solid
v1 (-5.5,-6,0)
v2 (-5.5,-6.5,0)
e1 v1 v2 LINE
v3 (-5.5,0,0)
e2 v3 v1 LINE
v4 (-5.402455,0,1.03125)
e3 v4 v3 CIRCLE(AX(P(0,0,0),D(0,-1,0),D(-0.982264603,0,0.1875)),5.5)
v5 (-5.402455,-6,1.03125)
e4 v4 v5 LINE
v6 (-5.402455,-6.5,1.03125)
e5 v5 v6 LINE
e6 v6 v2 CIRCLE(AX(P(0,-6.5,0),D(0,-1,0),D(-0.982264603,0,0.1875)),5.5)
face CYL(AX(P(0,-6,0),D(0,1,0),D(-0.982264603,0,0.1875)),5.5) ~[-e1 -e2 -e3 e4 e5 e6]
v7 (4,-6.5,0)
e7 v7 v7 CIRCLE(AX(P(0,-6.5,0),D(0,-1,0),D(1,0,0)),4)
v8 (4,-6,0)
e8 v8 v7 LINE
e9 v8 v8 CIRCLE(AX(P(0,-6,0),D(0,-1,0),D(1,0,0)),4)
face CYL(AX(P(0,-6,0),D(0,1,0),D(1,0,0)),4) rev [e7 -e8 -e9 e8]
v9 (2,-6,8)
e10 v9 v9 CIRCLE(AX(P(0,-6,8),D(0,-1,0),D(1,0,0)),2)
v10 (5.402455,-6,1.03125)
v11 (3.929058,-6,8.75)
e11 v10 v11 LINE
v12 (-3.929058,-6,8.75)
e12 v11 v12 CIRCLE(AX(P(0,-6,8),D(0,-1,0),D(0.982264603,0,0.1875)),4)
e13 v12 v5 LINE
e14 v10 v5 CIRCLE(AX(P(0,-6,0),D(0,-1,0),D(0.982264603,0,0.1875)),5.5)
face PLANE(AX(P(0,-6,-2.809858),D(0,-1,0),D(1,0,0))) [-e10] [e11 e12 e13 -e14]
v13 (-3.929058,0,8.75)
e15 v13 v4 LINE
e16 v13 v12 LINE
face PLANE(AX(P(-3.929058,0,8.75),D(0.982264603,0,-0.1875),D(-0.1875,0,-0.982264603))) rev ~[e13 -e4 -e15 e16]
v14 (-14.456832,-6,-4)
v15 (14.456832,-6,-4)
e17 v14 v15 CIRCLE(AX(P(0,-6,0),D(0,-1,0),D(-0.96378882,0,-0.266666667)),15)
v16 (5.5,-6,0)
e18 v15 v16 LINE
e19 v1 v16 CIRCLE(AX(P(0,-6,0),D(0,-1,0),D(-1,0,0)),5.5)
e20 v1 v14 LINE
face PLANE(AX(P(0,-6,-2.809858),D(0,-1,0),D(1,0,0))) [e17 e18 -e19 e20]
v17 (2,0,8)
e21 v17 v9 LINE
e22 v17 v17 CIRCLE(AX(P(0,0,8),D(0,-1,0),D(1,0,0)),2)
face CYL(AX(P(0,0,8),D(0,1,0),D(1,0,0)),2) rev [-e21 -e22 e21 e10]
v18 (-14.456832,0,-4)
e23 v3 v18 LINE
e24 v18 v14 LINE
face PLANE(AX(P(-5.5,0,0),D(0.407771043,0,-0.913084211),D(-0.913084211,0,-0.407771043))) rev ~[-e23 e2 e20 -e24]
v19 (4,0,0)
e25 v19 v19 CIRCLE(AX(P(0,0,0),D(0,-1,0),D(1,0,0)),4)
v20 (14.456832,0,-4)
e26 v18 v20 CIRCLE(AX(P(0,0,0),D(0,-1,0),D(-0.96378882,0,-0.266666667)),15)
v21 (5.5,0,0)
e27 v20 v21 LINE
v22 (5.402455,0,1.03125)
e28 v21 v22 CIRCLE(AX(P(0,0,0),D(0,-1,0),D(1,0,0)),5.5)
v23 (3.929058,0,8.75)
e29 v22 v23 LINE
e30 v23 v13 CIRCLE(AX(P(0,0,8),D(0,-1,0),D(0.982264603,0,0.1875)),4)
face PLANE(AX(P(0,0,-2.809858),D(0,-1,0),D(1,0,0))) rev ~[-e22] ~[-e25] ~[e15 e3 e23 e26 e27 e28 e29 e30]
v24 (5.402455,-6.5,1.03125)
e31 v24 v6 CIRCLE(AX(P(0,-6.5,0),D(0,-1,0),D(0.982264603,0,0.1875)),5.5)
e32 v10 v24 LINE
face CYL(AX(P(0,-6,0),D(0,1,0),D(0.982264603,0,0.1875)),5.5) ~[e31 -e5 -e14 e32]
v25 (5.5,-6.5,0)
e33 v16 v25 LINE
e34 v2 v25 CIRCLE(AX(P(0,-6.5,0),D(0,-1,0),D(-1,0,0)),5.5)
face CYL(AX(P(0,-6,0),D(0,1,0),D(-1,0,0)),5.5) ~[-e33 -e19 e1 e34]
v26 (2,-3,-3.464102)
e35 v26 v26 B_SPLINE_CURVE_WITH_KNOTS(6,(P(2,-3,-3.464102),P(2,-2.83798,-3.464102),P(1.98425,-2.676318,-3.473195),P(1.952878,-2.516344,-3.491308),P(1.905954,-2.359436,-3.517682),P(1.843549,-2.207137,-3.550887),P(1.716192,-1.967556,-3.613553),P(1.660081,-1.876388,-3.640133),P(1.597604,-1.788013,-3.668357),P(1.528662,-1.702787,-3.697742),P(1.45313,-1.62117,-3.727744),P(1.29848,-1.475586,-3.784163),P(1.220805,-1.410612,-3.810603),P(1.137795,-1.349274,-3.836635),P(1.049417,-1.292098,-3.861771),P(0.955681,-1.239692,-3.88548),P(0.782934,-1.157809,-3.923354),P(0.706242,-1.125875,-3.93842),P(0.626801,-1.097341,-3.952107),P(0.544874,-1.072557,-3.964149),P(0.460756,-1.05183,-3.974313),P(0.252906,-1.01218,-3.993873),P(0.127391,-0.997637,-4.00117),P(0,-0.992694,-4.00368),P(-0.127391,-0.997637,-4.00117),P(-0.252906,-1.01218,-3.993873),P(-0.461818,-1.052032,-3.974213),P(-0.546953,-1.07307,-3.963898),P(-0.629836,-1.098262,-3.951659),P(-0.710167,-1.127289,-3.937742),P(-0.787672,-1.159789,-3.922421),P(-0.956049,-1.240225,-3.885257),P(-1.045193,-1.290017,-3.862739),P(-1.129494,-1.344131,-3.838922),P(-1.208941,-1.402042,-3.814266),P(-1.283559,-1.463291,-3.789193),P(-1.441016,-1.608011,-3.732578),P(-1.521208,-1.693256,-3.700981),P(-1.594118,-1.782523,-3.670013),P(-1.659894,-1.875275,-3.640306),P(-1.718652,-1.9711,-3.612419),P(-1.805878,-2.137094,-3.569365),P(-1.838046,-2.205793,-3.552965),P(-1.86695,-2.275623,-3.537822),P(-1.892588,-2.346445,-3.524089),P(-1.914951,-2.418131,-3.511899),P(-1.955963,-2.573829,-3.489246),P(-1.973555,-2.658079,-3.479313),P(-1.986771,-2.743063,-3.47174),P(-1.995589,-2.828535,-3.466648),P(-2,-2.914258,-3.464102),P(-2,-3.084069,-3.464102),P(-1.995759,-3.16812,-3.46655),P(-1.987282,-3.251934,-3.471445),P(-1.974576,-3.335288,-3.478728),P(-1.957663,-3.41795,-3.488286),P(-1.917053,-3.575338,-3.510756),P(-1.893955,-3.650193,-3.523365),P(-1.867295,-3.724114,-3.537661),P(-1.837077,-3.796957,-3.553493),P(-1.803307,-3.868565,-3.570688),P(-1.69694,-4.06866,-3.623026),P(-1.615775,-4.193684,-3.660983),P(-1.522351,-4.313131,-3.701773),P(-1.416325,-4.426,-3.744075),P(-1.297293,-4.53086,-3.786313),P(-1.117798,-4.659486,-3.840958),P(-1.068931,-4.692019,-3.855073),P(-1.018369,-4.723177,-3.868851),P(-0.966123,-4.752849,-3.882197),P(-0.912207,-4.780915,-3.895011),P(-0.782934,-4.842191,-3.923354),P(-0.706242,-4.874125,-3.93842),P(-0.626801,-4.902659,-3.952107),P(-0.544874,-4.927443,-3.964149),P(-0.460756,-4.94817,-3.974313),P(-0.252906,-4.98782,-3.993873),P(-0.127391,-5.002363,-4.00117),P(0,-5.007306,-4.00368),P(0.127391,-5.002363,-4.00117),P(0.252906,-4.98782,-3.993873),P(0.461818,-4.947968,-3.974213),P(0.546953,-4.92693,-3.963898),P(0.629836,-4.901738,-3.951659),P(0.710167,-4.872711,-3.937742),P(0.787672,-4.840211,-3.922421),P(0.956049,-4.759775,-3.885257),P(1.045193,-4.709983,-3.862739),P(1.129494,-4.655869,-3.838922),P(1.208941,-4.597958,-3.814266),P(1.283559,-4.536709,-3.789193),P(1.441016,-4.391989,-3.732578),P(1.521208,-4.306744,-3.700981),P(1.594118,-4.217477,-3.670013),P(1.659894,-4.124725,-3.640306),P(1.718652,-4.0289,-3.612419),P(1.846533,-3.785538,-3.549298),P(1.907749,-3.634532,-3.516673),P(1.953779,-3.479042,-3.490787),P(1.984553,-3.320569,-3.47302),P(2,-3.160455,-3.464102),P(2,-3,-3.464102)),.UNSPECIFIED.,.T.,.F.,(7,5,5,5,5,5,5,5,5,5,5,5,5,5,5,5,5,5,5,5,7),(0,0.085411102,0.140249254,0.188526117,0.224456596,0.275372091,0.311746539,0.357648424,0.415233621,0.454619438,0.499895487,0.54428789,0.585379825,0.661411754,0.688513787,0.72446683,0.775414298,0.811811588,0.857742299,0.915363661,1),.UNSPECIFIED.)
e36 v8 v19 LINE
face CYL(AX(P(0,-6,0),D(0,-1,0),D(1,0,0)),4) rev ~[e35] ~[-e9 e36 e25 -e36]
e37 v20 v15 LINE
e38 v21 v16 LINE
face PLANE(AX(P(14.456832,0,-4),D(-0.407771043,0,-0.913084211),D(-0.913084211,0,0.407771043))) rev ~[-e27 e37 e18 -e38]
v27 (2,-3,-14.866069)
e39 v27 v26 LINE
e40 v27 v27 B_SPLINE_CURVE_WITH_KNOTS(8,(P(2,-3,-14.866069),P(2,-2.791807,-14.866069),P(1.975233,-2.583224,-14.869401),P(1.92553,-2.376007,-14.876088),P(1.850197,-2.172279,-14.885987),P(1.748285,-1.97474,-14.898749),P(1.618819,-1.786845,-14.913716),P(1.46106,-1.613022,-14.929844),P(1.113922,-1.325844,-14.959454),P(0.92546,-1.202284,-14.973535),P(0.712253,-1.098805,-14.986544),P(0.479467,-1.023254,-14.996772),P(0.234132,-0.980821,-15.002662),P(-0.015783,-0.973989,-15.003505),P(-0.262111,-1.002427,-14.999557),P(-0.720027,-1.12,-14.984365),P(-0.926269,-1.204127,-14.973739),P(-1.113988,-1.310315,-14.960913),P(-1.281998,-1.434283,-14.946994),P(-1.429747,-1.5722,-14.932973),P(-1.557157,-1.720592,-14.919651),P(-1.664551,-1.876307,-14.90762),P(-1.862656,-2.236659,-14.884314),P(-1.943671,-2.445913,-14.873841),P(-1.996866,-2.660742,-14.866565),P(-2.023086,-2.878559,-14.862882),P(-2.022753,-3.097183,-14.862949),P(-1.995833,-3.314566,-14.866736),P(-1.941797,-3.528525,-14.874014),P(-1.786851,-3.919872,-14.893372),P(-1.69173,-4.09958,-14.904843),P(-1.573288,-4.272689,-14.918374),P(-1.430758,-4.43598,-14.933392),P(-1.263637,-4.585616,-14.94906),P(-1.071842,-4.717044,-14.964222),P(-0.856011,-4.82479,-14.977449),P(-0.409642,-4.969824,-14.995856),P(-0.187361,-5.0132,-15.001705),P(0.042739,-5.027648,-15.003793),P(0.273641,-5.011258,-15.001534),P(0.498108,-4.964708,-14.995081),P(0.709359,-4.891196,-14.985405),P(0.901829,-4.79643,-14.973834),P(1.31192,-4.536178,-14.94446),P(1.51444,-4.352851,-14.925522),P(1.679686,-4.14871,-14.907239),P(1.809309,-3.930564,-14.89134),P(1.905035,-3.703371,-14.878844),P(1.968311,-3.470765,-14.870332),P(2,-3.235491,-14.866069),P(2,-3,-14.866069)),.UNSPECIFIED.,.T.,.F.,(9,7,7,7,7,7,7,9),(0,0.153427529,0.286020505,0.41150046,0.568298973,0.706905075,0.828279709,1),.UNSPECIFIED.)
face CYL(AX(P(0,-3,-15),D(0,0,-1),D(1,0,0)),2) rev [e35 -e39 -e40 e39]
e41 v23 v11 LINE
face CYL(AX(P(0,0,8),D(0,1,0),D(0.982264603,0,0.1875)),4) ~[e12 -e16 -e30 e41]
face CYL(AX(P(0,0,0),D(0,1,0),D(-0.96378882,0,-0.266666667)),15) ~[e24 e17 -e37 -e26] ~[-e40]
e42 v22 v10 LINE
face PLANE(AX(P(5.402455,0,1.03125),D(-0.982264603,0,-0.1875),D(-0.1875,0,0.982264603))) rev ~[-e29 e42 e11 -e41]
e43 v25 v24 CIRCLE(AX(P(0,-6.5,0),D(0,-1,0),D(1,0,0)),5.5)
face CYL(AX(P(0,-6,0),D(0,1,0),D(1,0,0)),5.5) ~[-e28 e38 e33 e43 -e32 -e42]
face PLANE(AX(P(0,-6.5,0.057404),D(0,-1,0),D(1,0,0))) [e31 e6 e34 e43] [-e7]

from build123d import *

# Parameters (mm, degrees)
F0_R     = 2
F1_DEPTH = 6
F2_R     = 4
F3_DEPTH = 25
F4_R     = 4
F5_DEPTH = 0.5
F7_R     = 2
F8_DEPTH = 12.535898485


with BuildPart() as f1:
    # F0 (on Front) → F1 (new body)
    with BuildSketch(Plane.XZ):
        with BuildLine():
            Line((-5.5, 0), (-14.4568322948, -4))
            ThreePointArc((-14.4568322948, -4), (0, -15), (14.4568322948, -4))
            Line((14.4568322948, -4), (5.5, 0))
            ThreePointArc((5.5, 0), (5.4755595256, 0.5179265218), (5.4024553156, 1.03125))
            Line((5.4024553156, 1.03125), (3.9290584114, 8.75))
            ThreePointArc((3.9290584114, 8.75), (0, 12), (-3.9290584114, 8.75))
            Line((-3.9290584114, 8.75), (-5.4024553156, 1.03125))
            ThreePointArc((-5.4024553156, 1.03125), (-5.4755595256, 0.5179265218), (-5.5, 0))
        make_face()
        with Locations((0, 8)):
            Circle(F0_R, mode=Mode.SUBTRACT)
    extrude(amount=F1_DEPTH)

    # F2 (on face) → F3 (cut)
    with BuildSketch(Plane.XZ.offset(6)):
        Circle(F2_R)
    extrude(amount=-F3_DEPTH, mode=Mode.SUBTRACT)

    # F4 (on face) → F5 (join)
    with BuildSketch(Plane.XZ.offset(6)):
        with BuildLine():
            ThreePointArc((-5.5, 0), (0, -5.5), (5.5, 0))
            ThreePointArc((5.5, 0), (5.4755595256, 0.5179265218), (5.4024553156, 1.03125))
            ThreePointArc((5.4024553156, 1.03125), (0, 5.5), (-5.4024553156, 1.03125))
            ThreePointArc((-5.4024553156, 1.03125), (-5.4755595256, 0.5179265218), (-5.5, 0))
        make_face()
        Circle(F4_R, mode=Mode.SUBTRACT)
    extrude(amount=F5_DEPTH)

    # F7 (on offset) → F8 (cut, up to face)
    with BuildSketch(Plane.XY.offset(-15)):
        with Locations((0, -3)):
            Circle(F7_R)
    extrude(amount=F8_DEPTH, mode=Mode.SUBTRACT)


solid = f1.part
